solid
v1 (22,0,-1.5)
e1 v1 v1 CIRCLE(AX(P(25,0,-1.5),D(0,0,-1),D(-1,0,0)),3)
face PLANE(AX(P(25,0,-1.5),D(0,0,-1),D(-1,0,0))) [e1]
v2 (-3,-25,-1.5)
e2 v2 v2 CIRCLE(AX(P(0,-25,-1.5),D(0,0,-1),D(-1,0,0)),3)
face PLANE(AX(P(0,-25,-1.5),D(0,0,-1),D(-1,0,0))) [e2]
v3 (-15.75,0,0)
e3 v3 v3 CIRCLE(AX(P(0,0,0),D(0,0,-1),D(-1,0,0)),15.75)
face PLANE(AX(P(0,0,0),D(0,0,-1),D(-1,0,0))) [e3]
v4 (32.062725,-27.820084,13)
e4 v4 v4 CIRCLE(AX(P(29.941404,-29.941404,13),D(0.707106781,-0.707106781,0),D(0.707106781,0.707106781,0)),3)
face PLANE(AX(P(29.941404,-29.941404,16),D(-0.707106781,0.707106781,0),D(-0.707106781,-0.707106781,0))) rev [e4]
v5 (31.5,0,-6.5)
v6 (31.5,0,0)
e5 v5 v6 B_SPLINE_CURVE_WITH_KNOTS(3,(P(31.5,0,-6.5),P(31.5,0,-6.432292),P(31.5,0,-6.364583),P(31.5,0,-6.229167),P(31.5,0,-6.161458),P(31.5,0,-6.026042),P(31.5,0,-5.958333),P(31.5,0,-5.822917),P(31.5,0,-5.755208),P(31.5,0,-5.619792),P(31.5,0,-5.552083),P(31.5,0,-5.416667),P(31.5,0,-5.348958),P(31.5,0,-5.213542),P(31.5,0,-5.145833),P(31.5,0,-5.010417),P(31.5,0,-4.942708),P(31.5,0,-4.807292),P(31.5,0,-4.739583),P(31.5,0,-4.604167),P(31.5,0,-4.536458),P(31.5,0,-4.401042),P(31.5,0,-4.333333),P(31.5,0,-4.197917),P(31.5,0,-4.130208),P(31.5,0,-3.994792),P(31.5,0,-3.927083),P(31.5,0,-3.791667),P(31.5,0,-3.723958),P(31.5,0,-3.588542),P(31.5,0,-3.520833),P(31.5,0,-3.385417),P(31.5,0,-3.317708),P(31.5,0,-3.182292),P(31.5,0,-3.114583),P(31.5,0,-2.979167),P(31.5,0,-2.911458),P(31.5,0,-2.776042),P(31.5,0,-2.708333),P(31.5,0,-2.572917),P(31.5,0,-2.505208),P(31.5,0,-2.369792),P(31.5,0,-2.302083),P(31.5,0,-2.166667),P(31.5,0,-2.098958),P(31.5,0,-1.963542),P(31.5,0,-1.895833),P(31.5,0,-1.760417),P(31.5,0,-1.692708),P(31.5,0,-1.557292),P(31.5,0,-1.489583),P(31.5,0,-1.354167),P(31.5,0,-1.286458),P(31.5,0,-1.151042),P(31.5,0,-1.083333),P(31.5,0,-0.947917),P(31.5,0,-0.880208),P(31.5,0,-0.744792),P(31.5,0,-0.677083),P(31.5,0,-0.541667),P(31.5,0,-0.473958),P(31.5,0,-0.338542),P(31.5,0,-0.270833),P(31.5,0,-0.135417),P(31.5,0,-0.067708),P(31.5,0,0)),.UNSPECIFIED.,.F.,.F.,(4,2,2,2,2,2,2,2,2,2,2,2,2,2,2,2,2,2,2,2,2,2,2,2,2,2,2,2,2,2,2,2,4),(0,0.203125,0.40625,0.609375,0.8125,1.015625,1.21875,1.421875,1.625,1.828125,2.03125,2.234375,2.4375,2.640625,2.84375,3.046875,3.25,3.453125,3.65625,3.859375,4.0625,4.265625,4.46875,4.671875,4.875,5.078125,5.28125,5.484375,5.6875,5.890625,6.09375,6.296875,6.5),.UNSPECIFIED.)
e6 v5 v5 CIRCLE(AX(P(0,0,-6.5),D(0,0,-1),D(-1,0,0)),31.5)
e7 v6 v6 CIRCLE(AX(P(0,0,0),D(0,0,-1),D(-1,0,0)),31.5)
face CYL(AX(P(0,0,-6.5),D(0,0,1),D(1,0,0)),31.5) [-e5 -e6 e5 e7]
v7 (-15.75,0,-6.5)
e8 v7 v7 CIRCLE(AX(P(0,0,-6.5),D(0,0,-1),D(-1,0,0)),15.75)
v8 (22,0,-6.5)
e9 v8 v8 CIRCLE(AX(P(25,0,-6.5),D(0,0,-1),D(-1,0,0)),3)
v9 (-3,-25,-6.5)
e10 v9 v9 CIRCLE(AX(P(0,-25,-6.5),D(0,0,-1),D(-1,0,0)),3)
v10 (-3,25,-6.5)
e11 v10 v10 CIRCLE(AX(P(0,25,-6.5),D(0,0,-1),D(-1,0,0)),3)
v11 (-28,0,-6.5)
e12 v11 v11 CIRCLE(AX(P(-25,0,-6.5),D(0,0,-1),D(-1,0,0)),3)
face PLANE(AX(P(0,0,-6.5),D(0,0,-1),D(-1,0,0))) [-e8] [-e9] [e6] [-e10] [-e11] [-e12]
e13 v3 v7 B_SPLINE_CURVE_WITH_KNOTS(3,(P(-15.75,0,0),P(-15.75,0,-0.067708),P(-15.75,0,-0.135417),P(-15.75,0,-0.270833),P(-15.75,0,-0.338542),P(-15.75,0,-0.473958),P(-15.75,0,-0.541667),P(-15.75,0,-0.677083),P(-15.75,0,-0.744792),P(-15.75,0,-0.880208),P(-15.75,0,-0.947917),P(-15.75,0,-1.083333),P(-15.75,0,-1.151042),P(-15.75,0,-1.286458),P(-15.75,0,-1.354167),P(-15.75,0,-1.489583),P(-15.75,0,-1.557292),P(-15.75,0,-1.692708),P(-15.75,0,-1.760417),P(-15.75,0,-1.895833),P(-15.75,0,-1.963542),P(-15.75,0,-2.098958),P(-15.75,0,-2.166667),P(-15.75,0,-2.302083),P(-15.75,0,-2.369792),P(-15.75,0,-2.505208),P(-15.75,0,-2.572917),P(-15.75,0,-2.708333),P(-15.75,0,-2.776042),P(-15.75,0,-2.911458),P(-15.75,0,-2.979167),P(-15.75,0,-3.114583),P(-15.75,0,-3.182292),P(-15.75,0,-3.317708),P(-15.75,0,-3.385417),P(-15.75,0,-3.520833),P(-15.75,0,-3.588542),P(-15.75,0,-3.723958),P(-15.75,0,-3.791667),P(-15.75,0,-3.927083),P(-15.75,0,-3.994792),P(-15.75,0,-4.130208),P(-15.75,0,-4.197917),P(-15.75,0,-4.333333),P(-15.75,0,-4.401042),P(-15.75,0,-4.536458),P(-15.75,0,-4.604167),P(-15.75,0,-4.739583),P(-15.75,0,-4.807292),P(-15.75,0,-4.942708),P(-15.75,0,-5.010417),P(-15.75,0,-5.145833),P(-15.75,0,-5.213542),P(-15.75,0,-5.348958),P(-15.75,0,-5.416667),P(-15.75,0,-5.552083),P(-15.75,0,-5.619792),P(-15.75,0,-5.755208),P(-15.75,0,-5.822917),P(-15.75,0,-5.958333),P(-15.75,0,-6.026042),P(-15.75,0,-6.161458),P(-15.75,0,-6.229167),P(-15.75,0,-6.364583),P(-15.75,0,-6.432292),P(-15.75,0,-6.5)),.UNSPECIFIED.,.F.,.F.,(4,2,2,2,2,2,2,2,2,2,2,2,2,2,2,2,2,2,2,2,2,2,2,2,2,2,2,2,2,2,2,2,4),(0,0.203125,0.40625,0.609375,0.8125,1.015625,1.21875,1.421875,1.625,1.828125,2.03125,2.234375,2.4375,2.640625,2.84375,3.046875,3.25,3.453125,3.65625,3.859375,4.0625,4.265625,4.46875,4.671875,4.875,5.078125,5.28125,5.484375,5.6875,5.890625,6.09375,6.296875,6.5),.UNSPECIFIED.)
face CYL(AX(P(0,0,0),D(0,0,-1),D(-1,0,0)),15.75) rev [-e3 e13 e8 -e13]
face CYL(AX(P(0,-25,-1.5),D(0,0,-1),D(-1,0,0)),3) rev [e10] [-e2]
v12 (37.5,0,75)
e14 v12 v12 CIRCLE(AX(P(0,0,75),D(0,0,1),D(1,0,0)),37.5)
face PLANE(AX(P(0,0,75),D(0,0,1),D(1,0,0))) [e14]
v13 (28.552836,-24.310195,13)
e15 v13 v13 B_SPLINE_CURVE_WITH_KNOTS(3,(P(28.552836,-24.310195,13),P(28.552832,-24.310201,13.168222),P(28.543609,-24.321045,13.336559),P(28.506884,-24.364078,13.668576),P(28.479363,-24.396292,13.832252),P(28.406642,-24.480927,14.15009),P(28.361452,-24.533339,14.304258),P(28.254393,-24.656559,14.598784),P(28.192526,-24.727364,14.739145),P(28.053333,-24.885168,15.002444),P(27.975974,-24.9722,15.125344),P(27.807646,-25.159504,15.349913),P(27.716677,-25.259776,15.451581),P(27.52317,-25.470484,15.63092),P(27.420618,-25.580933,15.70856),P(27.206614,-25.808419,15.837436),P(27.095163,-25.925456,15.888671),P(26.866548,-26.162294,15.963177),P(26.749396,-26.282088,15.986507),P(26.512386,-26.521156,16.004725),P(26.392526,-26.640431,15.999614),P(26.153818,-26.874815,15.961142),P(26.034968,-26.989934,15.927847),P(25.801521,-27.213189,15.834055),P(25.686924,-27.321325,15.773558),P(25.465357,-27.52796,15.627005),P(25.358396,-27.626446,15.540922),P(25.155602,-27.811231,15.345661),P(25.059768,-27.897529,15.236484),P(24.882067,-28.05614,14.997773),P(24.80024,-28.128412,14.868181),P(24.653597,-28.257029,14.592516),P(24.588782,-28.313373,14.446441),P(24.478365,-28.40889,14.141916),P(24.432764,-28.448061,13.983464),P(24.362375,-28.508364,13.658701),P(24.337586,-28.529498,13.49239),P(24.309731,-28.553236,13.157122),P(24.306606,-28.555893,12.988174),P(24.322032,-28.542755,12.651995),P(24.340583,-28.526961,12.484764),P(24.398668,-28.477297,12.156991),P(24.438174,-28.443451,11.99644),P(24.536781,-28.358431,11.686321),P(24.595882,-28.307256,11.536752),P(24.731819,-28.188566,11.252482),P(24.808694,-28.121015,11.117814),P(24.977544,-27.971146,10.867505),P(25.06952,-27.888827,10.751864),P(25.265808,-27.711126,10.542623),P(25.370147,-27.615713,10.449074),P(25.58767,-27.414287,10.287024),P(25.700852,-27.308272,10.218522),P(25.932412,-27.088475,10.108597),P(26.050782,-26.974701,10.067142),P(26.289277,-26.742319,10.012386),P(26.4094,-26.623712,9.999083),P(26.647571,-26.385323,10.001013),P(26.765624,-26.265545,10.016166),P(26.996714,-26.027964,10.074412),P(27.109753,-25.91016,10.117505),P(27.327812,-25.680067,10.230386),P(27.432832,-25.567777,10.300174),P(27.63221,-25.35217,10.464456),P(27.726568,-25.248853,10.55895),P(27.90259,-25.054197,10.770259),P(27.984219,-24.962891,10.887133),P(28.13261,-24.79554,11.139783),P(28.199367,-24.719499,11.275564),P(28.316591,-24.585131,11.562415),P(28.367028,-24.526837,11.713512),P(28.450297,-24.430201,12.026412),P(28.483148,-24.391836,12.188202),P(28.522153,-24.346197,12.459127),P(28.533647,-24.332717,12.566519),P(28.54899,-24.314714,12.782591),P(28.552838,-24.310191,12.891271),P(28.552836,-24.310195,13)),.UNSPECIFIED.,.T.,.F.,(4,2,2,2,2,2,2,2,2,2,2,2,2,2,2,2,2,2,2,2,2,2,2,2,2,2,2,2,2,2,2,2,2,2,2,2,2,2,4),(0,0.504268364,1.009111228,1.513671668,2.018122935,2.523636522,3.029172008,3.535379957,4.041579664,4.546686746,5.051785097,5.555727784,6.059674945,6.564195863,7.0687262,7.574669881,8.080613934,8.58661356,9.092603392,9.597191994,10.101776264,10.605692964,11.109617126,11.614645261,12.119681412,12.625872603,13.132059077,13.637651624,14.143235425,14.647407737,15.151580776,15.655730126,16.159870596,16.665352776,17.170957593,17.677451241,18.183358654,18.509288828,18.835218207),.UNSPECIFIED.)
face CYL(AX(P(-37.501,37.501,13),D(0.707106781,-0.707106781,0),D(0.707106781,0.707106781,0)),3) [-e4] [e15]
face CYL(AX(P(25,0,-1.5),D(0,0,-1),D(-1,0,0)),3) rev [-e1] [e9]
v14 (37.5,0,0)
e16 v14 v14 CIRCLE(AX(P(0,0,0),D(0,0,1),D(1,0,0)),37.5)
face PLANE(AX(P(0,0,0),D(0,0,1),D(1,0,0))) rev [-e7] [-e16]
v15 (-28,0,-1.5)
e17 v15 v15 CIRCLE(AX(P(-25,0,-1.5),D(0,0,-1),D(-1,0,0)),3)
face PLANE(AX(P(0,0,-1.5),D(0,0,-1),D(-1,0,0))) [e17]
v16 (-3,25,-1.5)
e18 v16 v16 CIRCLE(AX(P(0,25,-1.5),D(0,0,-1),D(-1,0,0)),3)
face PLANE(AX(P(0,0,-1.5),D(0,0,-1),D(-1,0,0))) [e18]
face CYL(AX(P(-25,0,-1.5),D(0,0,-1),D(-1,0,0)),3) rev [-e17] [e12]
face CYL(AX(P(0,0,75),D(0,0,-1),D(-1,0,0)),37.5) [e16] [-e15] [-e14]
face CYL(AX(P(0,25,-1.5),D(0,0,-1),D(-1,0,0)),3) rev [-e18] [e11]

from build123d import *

# Parameters (mm, degrees)
SKETCH1_R               = 37.5
BOSS_EXTRUDE1_DEPTH     = 75
SKETCH2_R               = 31.5
BOSS_EXTRUDE2_DEPTH     = 6.5
SKETCH3_R               = 15.75
CUT_EXTRUDE1_DEPTH      = 6.5
SKETCH4_R               = 3
CUT_EXTRUDE2_DEPTH      = 5
BOSS_EXTRUDE3_START     = -10
BOSS_EXTRUDE3_DEPTH     = 6
CUT_EXTRUDE4_REACH      = 123.333
CUT_EXTRUDE4_END_RADIUS = 37.5
SKETCH7_R               = 7.955992876
SKETCH7_R_2             = 3


with BuildPart() as part:
    # Sketch1 → Boss-Extrude1 (new body)
    with BuildSketch(Plane.XY):
        Circle(SKETCH1_R)
    extrude(amount=BOSS_EXTRUDE1_DEPTH)

    # Sketch2 → Boss-Extrude2 (add)
    with BuildSketch(Plane(origin=(0, 0, 0), x_dir=(-1, 0, 0), z_dir=(0, 0, -1))):
        with Locations(Location((0, 0, 0), (0, 0, 180))):
            Circle(SKETCH2_R)
    extrude(amount=BOSS_EXTRUDE2_DEPTH)

    # Sketch3 → Cut-Extrude1 (cut)
    with BuildSketch(Plane(origin=(0, 0, -6.5), x_dir=(-1, 0, 0), z_dir=(0, 0, -1))):
        Circle(SKETCH3_R)
    extrude(amount=-CUT_EXTRUDE1_DEPTH, mode=Mode.SUBTRACT)

    # Sketch4 → Cut-Extrude2 (cut)
    with BuildSketch(Plane(origin=(0, 0, -6.5), x_dir=(-1, 0, 0), z_dir=(0, 0, -1))):
        with Locations((25, 0)):
            Circle(SKETCH4_R)
        with Locations((0, -25)):
            Circle(SKETCH4_R)
        with Locations((-25, 0)):
            Circle(SKETCH4_R)
        with Locations((0, 25)):
            Circle(SKETCH4_R)
    extrude(amount=-CUT_EXTRUDE2_DEPTH, mode=Mode.SUBTRACT)

    # Sketch6 → Boss-Extrude3 (add)
    with BuildSketch(Plane(origin=(0, 0, 0), x_dir=(-1, 0, 0), z_dir=(0, 0, -1)).offset(BOSS_EXTRUDE3_START)):
        with BuildLine():
            ThreePointArc((-24.310194937, -28.552835624), (-25.433737437, -27.556759606), (-26.516504294, -26.516504294))
            Line((-26.516504294, -26.516504294), (-29.941404236, -29.941404236))
            Line((-29.941404236, -29.941404236), (-27.820083892, -32.062724579))
            Line((-27.820083892, -32.062724579), (-24.310194936, -28.552835624))
        make_face()
        with BuildLine():
            Line((-29.941404236, -29.941404236), (-26.516504294, -26.516504294))
            ThreePointArc((-26.516504294, -26.516504294), (-27.556759606, -25.433737437), (-28.552835624, -24.310194937))
            Line((-28.552835624, -24.310194936), (-32.062724579, -27.820083892))
            Line((-32.062724579, -27.820083892), (-29.941404236, -29.941404236))
        make_face()
    extrude(amount=-BOSS_EXTRUDE3_DEPTH)

    # Cut-Extrude4: up to this cylinder (the profile starts outside it)
    cut_extrude4_end = Plane(origin=(0, 0, 20.730963), z_dir=(0, 0, -1)) * Cylinder(CUT_EXTRUDE4_END_RADIUS, 322.666, mode=Mode.PRIVATE)
    # Sketch7 → Cut-Extrude4 (cut, up to the surface)
    with BuildSketch(Plane(origin=(29.941404236, -29.941404236, 0), x_dir=(0, 0, -1), z_dir=(0.7071067811865471, -0.7071067811865479, 0)), mode=Mode.PRIVATE) as cut_extrude4_sk1:
        with Locations((-13, 0)):
            Circle(SKETCH7_R)
        with Locations(Location((-13, 0, 0), (0, 0, 90))):
            Circle(SKETCH7_R_2, mode=Mode.SUBTRACT)
    cut_extrude4_tool1 = extrude(cut_extrude4_sk1.sketch, amount=-CUT_EXTRUDE4_REACH, mode=Mode.PRIVATE) - cut_extrude4_end
    add(cut_extrude4_tool1.solids().sort_by_distance((29.941404, -29.941404, 20.730963))[0], mode=Mode.SUBTRACT)


solid = part.part
